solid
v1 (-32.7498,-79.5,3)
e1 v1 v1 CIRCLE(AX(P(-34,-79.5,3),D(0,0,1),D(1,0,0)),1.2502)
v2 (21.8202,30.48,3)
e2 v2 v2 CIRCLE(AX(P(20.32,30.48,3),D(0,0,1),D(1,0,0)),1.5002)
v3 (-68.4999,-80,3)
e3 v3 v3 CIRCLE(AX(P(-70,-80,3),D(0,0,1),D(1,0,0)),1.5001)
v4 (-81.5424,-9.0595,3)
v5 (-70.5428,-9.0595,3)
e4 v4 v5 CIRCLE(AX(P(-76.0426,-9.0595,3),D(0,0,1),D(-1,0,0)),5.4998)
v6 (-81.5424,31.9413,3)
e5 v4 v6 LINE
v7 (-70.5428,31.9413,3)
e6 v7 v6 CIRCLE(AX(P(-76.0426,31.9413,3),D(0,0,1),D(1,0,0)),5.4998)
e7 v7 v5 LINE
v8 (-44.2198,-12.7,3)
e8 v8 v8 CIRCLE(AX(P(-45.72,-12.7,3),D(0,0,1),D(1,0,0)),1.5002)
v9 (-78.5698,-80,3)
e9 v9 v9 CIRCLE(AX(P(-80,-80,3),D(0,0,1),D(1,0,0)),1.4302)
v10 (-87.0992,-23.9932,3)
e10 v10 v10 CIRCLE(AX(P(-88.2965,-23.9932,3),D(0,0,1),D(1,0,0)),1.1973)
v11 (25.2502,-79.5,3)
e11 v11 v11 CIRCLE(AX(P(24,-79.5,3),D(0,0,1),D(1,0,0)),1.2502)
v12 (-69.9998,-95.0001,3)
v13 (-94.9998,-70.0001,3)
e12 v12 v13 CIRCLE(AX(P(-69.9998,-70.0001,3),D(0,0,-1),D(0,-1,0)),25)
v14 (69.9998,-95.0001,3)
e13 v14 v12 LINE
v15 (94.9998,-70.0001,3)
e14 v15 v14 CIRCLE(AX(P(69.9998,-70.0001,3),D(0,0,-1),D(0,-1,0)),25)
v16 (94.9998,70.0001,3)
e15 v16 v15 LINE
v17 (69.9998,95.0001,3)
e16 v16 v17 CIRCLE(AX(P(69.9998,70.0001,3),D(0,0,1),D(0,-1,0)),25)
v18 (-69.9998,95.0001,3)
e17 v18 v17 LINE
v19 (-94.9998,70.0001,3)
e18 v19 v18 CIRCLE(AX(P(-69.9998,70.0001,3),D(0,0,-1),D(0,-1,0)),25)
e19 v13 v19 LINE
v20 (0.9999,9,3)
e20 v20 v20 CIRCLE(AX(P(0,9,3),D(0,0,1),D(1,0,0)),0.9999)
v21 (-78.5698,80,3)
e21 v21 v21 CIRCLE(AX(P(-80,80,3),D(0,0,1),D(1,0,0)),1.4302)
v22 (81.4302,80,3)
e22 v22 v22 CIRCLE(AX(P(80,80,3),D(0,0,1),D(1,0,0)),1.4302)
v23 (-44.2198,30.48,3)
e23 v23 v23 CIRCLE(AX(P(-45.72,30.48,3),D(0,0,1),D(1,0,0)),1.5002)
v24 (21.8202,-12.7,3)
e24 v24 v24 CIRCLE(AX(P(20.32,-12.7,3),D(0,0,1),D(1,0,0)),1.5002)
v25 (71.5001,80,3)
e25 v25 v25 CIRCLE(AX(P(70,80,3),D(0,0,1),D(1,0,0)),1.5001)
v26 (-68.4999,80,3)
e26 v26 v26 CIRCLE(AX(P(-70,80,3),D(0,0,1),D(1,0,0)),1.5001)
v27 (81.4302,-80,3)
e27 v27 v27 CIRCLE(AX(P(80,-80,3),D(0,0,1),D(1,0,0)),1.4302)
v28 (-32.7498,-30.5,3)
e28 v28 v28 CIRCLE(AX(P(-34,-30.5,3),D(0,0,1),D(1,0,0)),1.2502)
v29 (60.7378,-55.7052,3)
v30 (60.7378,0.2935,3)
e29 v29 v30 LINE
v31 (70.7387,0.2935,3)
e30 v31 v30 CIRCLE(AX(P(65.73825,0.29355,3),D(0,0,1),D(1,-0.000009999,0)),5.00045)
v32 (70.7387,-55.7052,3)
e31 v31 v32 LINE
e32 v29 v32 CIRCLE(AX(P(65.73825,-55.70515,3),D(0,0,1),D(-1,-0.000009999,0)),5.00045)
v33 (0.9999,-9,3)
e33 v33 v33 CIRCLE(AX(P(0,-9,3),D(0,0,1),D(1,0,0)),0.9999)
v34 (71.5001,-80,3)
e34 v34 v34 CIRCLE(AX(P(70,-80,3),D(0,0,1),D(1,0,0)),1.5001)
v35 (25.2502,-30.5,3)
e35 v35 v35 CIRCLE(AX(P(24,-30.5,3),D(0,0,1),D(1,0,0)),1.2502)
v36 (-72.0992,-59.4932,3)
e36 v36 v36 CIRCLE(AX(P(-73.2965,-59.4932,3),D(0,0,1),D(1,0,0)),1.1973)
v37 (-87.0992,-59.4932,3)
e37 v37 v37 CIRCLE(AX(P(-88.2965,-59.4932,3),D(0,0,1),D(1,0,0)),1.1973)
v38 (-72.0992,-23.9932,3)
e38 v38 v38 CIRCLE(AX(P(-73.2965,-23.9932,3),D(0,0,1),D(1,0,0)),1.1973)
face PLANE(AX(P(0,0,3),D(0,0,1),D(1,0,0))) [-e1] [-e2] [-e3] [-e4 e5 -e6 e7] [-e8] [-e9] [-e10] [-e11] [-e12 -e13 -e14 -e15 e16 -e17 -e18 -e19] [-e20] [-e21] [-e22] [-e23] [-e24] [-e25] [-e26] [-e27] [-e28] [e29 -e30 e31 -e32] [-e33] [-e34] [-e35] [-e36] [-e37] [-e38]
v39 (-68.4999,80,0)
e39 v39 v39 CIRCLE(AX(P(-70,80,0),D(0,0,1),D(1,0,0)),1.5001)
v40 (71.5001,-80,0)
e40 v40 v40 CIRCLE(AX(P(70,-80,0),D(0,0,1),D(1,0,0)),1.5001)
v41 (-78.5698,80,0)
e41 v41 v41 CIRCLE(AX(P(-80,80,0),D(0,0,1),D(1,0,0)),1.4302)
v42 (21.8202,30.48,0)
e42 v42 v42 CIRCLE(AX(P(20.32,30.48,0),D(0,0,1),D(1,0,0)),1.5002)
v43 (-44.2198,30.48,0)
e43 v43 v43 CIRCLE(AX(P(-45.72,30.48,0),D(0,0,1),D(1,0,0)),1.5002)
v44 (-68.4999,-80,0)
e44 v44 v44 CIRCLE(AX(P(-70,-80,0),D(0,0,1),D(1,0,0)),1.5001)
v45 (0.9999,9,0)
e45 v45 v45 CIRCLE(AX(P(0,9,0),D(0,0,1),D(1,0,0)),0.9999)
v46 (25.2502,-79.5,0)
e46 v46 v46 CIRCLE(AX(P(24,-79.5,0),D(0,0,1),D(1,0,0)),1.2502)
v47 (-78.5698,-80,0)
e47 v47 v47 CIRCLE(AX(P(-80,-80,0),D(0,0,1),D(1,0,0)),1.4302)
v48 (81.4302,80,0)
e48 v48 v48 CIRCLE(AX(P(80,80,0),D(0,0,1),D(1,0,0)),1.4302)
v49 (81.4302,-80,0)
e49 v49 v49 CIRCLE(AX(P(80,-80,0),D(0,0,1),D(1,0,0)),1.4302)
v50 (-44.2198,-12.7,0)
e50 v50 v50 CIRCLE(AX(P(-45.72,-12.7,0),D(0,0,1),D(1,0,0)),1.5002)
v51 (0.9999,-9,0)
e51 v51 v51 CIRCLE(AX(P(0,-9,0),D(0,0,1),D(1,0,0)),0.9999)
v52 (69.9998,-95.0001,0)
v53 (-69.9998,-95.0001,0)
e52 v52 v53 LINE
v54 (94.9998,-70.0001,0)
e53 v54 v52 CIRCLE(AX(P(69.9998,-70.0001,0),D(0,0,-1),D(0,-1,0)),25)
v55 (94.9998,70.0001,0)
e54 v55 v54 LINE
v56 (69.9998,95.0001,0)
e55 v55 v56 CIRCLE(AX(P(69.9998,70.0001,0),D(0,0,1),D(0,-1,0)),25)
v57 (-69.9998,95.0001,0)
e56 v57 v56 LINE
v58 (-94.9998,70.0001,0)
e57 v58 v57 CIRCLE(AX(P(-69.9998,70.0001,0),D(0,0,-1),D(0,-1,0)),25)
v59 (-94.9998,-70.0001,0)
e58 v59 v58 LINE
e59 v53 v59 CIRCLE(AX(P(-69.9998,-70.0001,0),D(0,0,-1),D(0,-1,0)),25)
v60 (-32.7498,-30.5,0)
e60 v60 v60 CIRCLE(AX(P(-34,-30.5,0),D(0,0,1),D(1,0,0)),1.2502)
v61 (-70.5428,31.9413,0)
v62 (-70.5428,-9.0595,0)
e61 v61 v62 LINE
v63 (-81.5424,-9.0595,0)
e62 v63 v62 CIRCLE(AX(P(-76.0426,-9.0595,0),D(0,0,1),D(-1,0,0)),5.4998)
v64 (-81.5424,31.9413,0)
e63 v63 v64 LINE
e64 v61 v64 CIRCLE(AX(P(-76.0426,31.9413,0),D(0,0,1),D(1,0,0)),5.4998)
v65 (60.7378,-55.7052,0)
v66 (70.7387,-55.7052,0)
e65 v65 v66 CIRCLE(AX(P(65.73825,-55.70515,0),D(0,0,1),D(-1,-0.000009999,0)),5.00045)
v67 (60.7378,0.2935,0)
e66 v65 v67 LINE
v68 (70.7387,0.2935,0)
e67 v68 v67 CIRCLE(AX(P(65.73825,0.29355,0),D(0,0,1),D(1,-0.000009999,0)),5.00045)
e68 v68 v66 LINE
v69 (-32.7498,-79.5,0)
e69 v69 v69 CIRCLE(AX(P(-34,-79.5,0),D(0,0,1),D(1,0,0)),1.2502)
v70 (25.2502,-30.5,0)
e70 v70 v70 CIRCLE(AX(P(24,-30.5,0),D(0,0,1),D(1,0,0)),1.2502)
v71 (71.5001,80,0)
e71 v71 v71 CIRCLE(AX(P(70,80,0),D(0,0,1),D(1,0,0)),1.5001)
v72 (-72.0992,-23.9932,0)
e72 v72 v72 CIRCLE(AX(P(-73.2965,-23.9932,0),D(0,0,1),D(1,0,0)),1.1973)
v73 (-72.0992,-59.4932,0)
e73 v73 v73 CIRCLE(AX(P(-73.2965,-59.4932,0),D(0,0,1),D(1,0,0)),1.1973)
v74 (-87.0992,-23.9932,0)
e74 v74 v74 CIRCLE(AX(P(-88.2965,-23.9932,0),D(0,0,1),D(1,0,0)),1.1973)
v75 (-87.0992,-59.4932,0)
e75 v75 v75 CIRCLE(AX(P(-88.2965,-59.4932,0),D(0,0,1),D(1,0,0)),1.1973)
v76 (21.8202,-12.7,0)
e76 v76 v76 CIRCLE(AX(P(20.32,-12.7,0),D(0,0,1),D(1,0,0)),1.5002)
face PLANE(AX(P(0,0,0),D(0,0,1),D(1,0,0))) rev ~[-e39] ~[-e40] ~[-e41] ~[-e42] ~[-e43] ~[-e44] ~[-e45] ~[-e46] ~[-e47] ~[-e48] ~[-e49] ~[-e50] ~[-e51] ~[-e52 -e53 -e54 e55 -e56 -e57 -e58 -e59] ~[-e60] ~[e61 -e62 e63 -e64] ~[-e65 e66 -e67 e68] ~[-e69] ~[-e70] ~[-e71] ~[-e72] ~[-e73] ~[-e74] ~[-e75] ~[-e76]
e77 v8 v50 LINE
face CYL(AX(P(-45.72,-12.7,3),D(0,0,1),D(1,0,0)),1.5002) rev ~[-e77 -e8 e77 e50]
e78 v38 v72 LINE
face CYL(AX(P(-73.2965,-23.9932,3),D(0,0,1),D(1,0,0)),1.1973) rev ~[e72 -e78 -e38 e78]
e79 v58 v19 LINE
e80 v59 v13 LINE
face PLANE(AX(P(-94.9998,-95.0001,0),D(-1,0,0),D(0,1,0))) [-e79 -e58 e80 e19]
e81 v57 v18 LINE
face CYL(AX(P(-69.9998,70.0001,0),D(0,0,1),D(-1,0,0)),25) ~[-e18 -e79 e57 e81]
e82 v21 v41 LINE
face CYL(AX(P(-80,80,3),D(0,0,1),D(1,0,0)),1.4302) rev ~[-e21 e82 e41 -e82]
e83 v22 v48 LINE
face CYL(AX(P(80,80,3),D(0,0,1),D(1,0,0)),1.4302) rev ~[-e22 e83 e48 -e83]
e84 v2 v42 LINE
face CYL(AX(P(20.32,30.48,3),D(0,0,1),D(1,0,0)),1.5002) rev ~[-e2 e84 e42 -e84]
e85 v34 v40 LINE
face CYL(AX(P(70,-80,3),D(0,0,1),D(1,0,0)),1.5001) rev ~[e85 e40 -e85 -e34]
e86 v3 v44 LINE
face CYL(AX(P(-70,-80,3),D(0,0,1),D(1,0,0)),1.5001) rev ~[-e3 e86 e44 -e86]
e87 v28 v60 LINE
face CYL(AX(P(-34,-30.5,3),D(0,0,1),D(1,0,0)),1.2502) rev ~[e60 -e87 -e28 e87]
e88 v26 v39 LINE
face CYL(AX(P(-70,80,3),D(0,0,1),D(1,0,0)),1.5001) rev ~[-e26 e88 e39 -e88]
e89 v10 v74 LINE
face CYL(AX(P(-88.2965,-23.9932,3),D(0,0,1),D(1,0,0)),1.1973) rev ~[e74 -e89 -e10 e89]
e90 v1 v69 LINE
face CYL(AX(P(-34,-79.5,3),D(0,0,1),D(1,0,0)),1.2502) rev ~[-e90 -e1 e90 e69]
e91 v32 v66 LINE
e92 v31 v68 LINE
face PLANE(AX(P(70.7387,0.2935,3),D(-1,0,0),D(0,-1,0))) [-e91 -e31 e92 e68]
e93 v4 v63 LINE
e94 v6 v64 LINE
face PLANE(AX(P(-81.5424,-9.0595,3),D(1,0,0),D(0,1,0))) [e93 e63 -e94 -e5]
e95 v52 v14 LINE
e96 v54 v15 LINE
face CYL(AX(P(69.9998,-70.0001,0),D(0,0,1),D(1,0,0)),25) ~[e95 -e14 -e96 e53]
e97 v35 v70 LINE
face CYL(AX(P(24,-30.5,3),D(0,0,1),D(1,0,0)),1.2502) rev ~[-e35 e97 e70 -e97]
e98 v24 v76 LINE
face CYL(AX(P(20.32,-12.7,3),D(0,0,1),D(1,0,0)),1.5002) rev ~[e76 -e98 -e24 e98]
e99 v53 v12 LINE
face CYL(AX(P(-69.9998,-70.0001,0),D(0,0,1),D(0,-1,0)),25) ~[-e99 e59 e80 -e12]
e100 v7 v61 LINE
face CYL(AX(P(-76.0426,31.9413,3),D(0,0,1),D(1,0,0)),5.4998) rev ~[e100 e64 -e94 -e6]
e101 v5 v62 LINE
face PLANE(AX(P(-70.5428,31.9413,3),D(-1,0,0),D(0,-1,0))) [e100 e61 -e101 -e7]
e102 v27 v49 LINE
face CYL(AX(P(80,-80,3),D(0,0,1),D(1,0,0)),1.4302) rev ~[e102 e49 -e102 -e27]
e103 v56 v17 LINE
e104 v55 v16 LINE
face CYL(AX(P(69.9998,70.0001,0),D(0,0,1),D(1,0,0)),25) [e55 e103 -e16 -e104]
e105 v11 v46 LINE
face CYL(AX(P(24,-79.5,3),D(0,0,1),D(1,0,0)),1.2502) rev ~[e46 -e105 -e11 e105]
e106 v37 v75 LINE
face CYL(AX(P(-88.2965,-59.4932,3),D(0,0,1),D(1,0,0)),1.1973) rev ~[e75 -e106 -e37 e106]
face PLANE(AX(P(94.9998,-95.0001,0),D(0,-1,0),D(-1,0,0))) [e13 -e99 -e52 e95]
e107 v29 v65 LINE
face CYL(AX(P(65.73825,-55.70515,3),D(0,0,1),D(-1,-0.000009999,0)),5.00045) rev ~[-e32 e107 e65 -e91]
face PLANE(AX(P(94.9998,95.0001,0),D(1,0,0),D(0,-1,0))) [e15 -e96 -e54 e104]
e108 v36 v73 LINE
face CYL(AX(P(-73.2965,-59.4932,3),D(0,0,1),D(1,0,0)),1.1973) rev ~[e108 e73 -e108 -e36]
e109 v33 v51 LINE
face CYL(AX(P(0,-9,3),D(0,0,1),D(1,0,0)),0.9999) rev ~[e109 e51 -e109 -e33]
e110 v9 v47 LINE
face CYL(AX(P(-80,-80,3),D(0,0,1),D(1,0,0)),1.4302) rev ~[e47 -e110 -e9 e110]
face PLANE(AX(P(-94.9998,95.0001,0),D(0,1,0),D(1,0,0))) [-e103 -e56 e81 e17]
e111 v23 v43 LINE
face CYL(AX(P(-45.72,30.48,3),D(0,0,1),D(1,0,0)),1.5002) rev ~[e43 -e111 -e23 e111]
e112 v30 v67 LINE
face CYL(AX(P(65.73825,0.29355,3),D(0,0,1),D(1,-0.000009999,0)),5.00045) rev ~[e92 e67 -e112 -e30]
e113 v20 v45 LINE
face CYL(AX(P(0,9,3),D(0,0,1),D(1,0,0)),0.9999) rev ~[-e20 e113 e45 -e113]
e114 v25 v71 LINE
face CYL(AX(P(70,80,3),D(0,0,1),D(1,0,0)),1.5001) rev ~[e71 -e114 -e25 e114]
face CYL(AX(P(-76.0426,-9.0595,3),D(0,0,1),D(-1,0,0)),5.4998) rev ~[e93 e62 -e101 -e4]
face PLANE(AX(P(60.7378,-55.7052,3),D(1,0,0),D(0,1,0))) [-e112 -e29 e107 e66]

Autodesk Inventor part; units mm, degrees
ref_plane "YZ Plane" through (0, 0, 0) normal (1, 0, 0) x (0, 1, 0)
ref_plane "XZ Plane" through (0, 0, 0) normal (0, 1, 0) x (-1, 0, 0)
ref_plane "XY Plane" through (0, 0, 0) normal (0, 0, 1) x (1, 0, 0)
sketch "Sketch1" plane through (0, 0, 0) normal (0, 0, 1) x (1, 0, 0)
  point P0 (0, 0)
sketch "Sketch2" plane through (0, 0, 0) normal (0, 0, 1) x (1, 0, 0)
  line L0 (94.9998, -95.0001) -> (-94.9998, -95.0001)
  line L1 (-94.9998, -95.0001) -> (-94.9998, 95.0001)
  line L2 (-94.9998, 95.0001) -> (94.9998, 95.0001)
  line L3 (94.9998, 95.0001) -> (94.9998, -95.0001)
  line L4 (94.9998, -95.0001) -> (-94.9998, 95.0001) construction
  line L5 (-94.9998, -95.0001) -> (94.9998, 95.0001) construction
  point P0 (0, 0)
extrude "Extrusion1" add sketch "Sketch2" along normal blind 3
sketch "Sketch3" plane through (0, 0, 3) normal (0, 0, 1) x (1, 0, 0)
  circle A0 centre (70, 80) radius 1.5001
  circle A1 centre (70, -80) radius 1.5001
  circle A2 centre (-70, 80) radius 1.5001
  circle A3 centre (-70, -80) radius 1.5001
extrude "Extrusion2" cut sketch "Sketch3" against normal blind 3
fillet "Fillet1" radius 25 1 edges at (94.9998, 95.0001, 1.5)
fillet "Fillet2" radius 25 1 edges at (94.9998, -95.0001, 1.5)
fillet "Fillet3" radius 25 1 edges at (-94.9998, -95.0001, 1.5)
fillet "Fillet4" radius 25 1 edges at (-94.9998, 95.0001, 1.5)
sketch "Pi mount holes" plane through (0, 0, 3) normal (0, 0, 1) x (1, 0, 0)
  circle A0 centre (24, -30.5) radius 1.2502
  circle A1 centre (-34, -30.5) radius 1.2502
  circle A2 centre (-34, -79.5) radius 1.2502
  circle A3 centre (24, -79.5) radius 1.2502
sketch "B205 mount holes" plane through (0, 0, 3) normal (0, 0, 1) x (1, 0, 0)
  circle A0 centre (20.32, 30.48) radius 1.5002
  circle A1 centre (-45.72, 30.48) radius 1.5002
  circle A2 centre (-45.72, -12.7) radius 1.5002
  circle A3 centre (20.32, -12.7) radius 1.5002
sketch "RM3100 mount holes" plane through (0, 0, 3) normal (0, 0, 1) x (1, 0, 0)
  circle A0 centre (0, 9) radius 0.9999
  circle A1 centre (0, -9) radius 0.9999
sketch "Pololu mount holes" plane through (0, 0, 3) normal (0, 0, 1) x (1, 0, 0)
  circle A0 centre (-73.2965, -23.9932) radius 1.1973
  circle A1 centre (-88.2965, -23.9932) radius 1.1973
  circle A2 centre (-73.2965, -59.4932) radius 1.1973
  circle A3 centre (-88.2965, -59.4932) radius 1.1973
sketch "B205 cable cutout" plane through (0, 0, 3) normal (0, 0, 1) x (1, 0, 0)
  line L0 (-76.0426, -14.5593) -> (-76.0426, 37.4411) construction
  line L1 (-81.5424, -9.0595) -> (-81.5424, 31.9413)
  line L2 (-70.5428, 31.9413) -> (-70.5428, -9.0595)
  arc A0 (-81.5424, -9.0595) -> (-70.5428, -9.0595) centre (-76.0426, -9.0595) ccw
  arc A1 (-70.5428, 31.9413) -> (-81.5424, 31.9413) centre (-76.0426, 31.9413) ccw
  point P0 (0, 0)
  point P1 (-76.0426, 11.4409)
sketch "Pi cable cutout" plane through (0, 0, 3) normal (0, 0, 1) x (1, 0, 0)
  line L0 (65.7382, -60.7056) -> (65.7382, 5.2939) construction
  line L1 (60.7378, -55.7052) -> (60.7378, 0.2935)
  line L2 (70.7387, 0.2935) -> (70.7387, -55.7052)
  arc A0 (60.7378, -55.7052) -> (70.7387, -55.7052) centre (65.7382, -55.7052) ccw
  arc A1 (70.7387, 0.2935) -> (60.7378, 0.2935) centre (65.7382, 0.2935) ccw
  point P0 (0, 0)
  point P1 (65.7382, -27.7058)
sketch "Imperial standoffs" plane through (0, 0, 3) normal (0, 0, 1) x (1, 0, 0)
  circle A0 centre (80, 80) radius 1.4302
  circle A1 centre (-80, -80) radius 1.4302
  circle A2 centre (80, -80) radius 1.4302
  circle A3 centre (-80, 80) radius 1.4302
extrude "Extrusion3" cut sketch "B205 cable cutout" against normal blind 10
extrude "Extrusion4" cut sketch "Pi cable cutout" against normal blind 10
extrude "Extrusion5" cut sketch "Imperial standoffs" against normal blind 10
extrude "Extrusion6" cut sketch "Pololu mount holes" against normal blind 10
extrude "Extrusion7" cut sketch "B205 mount holes" against normal blind 10
extrude "Extrusion8" cut sketch "RM3100 mount holes" against normal blind 10
extrude "Extrusion9" cut sketch "Pi mount holes" against normal blind 10
properties part number "payload_bay_square_drill_holes"
